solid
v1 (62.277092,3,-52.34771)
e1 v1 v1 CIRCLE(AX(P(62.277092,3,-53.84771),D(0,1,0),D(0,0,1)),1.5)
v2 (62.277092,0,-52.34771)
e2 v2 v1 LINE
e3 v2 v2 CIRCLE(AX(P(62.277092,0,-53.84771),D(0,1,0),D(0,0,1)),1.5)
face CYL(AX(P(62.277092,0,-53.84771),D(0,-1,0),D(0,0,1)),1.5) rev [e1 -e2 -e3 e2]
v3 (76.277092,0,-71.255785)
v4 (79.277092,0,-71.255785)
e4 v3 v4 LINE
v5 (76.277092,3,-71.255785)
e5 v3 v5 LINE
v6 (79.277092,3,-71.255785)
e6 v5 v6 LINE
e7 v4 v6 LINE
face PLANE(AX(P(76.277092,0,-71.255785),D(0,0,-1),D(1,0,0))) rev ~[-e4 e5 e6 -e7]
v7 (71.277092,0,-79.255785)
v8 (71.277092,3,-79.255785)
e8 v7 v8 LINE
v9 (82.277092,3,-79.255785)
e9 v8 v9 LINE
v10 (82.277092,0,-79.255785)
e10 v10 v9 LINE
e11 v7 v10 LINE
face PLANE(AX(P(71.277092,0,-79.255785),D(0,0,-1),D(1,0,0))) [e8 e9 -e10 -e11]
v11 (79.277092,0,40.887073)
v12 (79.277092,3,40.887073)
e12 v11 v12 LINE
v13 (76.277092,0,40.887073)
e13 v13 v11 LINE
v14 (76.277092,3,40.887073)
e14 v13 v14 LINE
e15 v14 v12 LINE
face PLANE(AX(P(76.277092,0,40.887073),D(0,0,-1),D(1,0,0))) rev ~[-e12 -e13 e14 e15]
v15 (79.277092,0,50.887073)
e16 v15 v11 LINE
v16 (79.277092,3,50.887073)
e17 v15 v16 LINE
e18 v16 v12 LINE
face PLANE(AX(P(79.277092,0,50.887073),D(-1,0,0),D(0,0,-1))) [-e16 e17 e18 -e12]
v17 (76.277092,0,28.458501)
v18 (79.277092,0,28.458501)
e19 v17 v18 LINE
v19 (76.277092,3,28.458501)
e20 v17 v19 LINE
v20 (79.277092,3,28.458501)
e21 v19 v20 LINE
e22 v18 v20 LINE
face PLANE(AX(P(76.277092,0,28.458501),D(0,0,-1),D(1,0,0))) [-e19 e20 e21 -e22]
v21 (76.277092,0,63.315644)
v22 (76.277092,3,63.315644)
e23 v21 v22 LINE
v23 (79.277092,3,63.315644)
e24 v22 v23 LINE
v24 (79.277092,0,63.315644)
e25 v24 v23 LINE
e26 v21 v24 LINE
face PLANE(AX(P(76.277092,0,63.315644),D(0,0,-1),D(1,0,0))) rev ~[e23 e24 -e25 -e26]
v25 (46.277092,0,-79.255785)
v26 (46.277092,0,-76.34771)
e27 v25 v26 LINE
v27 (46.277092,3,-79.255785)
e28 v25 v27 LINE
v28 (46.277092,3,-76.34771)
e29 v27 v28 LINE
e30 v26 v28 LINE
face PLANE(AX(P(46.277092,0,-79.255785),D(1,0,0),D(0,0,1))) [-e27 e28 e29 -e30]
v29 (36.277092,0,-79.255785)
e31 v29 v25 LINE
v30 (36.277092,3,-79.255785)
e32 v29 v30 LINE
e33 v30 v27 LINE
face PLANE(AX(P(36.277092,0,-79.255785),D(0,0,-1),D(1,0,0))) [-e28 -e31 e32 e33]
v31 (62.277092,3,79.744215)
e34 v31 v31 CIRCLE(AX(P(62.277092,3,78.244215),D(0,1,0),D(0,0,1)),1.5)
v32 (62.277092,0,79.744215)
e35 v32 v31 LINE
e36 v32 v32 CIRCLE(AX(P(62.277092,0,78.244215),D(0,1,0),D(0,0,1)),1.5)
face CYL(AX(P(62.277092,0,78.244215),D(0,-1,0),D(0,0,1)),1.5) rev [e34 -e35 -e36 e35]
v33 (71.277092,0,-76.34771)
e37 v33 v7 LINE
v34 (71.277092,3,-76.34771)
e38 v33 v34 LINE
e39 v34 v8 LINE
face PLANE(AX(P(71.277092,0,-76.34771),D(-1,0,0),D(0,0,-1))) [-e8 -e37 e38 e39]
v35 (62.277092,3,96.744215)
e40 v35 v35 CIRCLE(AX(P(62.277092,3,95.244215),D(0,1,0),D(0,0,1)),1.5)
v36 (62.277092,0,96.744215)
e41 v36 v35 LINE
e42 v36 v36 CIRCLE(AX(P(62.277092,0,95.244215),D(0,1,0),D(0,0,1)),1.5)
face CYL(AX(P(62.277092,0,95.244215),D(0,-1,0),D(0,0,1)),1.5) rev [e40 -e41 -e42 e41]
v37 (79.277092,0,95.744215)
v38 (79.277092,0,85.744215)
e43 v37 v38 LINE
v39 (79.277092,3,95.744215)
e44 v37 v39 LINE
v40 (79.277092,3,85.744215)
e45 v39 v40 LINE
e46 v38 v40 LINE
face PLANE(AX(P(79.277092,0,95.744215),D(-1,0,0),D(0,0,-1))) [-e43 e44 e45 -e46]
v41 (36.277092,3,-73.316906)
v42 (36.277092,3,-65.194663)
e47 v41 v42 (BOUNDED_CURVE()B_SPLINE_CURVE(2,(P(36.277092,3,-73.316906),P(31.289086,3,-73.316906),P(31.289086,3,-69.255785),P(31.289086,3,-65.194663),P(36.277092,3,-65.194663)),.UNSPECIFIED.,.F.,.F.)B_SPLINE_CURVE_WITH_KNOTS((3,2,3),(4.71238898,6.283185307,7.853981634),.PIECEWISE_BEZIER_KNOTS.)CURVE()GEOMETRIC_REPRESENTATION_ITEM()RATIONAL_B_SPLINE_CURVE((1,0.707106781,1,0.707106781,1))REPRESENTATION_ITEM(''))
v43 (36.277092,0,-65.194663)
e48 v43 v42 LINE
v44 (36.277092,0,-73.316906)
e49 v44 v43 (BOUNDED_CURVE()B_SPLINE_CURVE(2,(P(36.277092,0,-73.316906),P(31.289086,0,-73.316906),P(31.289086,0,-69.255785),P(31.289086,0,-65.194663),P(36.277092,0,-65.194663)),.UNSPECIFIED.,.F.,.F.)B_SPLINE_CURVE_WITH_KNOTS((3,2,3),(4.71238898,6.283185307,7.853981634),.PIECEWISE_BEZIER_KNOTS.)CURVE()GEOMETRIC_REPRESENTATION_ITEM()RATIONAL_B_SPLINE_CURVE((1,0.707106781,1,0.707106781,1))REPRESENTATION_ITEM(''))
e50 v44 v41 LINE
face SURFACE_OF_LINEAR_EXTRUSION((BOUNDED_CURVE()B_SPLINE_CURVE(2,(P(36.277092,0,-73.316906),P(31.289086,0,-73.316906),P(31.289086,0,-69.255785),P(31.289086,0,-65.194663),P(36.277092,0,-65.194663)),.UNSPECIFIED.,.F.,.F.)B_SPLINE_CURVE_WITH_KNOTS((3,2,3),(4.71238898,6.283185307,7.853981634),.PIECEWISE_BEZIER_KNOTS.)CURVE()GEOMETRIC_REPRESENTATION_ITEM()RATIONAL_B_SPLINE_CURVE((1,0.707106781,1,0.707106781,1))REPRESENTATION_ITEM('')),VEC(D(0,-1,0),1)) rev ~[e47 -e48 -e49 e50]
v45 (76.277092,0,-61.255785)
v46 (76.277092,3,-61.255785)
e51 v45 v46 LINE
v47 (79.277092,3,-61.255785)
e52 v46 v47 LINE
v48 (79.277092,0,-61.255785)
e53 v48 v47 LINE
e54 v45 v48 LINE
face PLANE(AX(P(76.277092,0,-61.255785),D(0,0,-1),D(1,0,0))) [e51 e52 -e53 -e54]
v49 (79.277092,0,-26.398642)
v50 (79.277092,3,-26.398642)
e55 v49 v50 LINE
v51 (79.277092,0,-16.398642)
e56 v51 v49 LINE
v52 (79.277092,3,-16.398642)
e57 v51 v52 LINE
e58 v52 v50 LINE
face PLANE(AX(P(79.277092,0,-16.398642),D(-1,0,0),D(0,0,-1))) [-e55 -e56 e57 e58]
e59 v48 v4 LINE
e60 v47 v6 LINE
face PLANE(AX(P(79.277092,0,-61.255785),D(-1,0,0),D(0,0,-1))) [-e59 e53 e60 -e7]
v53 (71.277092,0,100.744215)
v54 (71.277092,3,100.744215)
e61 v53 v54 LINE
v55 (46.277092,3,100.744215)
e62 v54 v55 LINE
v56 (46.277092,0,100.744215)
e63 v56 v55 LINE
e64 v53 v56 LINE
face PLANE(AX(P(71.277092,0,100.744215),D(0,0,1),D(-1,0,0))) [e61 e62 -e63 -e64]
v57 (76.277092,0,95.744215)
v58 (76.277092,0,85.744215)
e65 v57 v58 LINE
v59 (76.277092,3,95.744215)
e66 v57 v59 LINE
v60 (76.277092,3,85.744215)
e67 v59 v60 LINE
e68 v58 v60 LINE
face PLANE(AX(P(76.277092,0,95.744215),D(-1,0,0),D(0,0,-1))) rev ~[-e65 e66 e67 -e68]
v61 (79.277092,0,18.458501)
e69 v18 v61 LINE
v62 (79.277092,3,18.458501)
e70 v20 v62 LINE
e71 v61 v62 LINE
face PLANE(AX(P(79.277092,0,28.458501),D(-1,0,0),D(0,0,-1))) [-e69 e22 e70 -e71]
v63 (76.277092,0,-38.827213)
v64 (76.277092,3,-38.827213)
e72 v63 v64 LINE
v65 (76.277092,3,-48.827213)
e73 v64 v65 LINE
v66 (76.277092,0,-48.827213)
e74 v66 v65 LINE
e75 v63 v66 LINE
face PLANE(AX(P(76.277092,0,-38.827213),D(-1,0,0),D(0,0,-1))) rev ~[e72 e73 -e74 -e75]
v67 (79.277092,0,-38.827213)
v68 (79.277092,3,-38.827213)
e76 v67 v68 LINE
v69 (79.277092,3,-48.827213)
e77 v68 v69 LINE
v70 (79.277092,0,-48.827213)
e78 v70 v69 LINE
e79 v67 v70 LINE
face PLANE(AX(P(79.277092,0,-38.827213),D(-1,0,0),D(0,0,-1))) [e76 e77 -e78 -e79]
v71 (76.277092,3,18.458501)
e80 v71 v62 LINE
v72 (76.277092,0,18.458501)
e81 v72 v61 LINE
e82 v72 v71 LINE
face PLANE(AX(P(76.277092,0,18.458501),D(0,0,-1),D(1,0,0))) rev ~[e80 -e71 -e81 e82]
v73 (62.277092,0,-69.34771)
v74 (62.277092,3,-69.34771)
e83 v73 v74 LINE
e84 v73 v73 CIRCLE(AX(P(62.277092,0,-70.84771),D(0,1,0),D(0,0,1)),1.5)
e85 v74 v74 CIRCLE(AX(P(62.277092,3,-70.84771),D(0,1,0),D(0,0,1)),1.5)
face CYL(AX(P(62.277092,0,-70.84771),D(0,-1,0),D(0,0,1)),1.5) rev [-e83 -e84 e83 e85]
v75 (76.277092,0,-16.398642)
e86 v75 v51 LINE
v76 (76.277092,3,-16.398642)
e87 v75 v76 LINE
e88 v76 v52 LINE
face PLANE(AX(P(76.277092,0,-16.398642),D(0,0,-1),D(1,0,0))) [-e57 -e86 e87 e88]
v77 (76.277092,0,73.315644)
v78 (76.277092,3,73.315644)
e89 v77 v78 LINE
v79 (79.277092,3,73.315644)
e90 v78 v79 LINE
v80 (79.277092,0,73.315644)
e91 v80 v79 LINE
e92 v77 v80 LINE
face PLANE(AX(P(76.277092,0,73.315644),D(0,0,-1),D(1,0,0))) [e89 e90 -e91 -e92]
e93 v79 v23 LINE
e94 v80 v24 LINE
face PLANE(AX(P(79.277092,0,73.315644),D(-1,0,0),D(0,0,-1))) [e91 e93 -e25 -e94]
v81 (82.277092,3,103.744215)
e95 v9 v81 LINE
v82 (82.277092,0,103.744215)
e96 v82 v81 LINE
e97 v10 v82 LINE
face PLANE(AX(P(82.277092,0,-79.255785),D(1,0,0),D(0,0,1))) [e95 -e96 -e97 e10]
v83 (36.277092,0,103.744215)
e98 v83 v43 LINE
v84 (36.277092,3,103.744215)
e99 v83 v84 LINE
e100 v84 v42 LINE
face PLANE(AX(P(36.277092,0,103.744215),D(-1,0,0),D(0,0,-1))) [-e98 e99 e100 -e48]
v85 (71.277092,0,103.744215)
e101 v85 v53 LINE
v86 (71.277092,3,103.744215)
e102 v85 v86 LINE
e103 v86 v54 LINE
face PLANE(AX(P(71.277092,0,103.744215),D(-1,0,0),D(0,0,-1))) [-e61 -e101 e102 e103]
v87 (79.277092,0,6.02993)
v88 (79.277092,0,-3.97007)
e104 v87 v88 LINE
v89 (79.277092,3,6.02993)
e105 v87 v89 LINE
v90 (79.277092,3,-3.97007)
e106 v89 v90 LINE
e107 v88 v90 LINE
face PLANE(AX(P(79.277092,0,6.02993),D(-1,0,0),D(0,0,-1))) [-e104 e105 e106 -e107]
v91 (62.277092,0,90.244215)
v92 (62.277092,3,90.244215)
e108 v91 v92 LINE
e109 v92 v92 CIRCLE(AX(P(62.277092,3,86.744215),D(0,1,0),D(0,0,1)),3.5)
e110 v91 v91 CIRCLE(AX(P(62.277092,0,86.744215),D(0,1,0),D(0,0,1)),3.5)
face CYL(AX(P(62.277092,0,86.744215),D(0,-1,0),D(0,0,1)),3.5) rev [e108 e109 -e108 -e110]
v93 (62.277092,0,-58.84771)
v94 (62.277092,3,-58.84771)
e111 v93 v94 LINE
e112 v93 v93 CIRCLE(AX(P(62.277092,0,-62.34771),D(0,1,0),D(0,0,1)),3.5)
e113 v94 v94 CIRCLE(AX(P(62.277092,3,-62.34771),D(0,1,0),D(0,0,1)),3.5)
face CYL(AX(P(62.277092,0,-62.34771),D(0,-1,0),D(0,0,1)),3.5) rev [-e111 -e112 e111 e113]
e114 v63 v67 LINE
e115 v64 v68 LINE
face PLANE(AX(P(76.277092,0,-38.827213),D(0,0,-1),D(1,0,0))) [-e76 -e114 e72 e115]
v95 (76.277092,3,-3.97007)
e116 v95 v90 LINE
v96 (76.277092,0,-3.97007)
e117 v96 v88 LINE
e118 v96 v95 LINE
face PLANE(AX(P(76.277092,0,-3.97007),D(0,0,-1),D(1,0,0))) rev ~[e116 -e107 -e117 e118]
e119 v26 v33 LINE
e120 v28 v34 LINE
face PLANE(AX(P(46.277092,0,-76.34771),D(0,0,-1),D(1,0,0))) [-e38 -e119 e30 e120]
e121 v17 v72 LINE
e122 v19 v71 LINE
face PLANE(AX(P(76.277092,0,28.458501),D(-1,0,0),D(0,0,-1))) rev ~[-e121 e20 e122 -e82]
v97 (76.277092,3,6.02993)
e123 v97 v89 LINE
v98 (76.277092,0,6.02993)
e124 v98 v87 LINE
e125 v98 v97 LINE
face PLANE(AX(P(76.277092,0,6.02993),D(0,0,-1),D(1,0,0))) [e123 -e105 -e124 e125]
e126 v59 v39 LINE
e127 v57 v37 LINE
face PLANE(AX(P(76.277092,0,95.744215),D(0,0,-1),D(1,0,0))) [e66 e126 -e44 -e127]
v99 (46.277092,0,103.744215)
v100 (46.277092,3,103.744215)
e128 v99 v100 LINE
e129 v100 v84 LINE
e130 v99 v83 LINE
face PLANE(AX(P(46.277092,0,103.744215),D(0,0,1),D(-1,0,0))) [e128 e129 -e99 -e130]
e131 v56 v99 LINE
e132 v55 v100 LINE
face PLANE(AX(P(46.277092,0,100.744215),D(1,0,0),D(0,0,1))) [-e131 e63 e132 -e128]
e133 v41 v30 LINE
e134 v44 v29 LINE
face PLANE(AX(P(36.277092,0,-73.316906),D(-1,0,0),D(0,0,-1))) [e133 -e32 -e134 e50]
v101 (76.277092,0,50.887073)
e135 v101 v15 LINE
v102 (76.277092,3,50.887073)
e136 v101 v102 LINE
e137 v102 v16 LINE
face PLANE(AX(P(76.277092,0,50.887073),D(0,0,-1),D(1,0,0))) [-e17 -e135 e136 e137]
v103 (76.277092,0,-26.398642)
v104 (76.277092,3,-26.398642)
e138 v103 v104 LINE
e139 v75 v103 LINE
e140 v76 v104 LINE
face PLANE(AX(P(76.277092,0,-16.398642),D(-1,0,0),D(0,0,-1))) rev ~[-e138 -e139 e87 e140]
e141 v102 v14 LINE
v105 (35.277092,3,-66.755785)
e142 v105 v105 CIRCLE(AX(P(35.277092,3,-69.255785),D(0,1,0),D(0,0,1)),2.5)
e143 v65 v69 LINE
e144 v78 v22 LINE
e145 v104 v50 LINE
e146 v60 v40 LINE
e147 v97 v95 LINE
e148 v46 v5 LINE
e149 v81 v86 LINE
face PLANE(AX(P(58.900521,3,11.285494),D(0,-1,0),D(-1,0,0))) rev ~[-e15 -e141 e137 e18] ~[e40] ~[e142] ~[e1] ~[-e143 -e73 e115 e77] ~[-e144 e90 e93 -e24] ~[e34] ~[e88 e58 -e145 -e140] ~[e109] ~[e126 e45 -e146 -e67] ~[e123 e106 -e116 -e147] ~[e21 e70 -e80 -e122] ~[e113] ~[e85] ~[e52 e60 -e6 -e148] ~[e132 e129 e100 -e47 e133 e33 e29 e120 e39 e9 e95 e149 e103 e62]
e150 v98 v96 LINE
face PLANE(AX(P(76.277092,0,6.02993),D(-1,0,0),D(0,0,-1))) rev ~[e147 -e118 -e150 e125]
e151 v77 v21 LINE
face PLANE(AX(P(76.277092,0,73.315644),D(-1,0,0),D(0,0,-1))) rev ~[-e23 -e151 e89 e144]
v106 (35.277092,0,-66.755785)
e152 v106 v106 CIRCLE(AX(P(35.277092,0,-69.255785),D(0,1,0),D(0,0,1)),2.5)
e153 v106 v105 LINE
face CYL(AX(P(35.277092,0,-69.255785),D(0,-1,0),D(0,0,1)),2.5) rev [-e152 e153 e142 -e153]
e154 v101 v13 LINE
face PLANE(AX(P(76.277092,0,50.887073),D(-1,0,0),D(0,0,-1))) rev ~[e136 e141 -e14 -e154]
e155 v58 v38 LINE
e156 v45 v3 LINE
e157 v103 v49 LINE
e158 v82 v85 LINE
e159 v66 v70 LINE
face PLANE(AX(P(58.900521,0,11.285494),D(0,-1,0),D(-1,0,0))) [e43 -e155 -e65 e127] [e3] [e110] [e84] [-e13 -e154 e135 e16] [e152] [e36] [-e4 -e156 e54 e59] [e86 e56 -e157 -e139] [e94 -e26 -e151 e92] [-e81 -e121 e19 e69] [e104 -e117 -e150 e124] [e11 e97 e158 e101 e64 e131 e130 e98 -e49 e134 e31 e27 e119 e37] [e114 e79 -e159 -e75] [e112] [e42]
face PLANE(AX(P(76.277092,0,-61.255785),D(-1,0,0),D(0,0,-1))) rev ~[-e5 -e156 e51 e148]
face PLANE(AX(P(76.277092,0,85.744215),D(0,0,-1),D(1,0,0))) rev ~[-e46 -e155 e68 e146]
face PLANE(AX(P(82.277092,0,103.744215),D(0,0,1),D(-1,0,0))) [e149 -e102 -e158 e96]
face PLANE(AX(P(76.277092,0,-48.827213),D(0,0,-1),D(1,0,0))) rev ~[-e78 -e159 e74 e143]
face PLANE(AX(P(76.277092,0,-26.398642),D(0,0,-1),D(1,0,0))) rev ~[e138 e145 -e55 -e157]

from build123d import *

# Parameters (mm, degrees)
SKETCH1_R           = 2.5
SKETCH1_R_2         = 3.5
SKETCH1_R_3         = 1.5
SKETCH1_W           = 3
SKETCH1_H           = 10
BOSS_EXTRUDE3_DEPTH = 3


with BuildPart() as part:
    # Sketch1 → Boss-Extrude3 (new body)
    with BuildSketch(Plane(origin=(0, 0, 0), x_dir=(1, 0, 0), z_dir=(0, 1, 0))):
        with BuildLine():
            Line((36.277091695, 79.255784564), (46.277091695, 79.255784564))
            Line((46.277091695, 79.255784564), (46.277091695, 76.347710002))
            Line((46.277091695, 76.347710002), (71.277091695, 76.347710002))
            Line((71.277091695, 76.347710002), (71.277091695, 79.255784564))
            Line((71.277091695, 79.255784564), (82.277091695, 79.255784564))
            Line((82.277091695, 79.255784564), (82.277091695, -103.744215436))
            Line((82.277091695, -103.744215436), (71.277091695, -103.744215436))
            Line((71.277091695, -103.744215436), (71.277091695, -100.744215436))
            Line((71.277091695, -100.744215436), (46.277091695, -100.744215436))
            Line((46.277091695, -100.744215436), (46.277091695, -103.744215436))
            Line((46.277091695, -103.744215436), (36.277091695, -103.744215436))
            Line((36.277091695, -103.744215436), (36.277091695, 65.194662811))
            add(Edge.make_bspline(
                [(36.277091695, 73.316906316), (31.289085945, 73.316906316), (31.289085945, 69.255784564), (31.289085945, 65.194662811), (36.277091695, 65.194662811)],
                knots=[4.71238898, 4.71238898, 4.71238898, 6.283185307, 6.283185307, 7.853981634, 7.853981634, 7.853981634], degree=2, weights=[1, 0.707106781, 1, 0.707106781, 1]))
            Line((36.277091695, 73.316906316), (36.277091695, 79.255784564))
        make_face()
        with Locations(Location((35.277091695, 69.255784564, 0), (0, 0, 270))):
            Circle(SKETCH1_R, mode=Mode.SUBTRACT)
        with Locations(Location((62.277091695, 62.347710002, 0), (0, 0, 270))):
            Circle(SKETCH1_R_2, mode=Mode.SUBTRACT)
        with Locations(Location((62.277091695, 70.847710002, 0), (0, 0, 270))):
            Circle(SKETCH1_R_3, mode=Mode.SUBTRACT)
        with Locations(Location((62.277091695, 53.847710002, 0), (0, 0, 270))):
            Circle(SKETCH1_R_3, mode=Mode.SUBTRACT)
        with Locations(Location((62.277091695, -86.744215436, 0), (0, 0, 270))):
            Circle(SKETCH1_R_2, mode=Mode.SUBTRACT)
        with Locations(Location((62.277091695, -78.244215436, 0), (0, 0, 270))):
            Circle(SKETCH1_R_3, mode=Mode.SUBTRACT)
        with Locations(Location((62.277091695, -95.244215436, 0), (0, 0, 270))):
            Circle(SKETCH1_R_3, mode=Mode.SUBTRACT)
        with Locations((77.777091695, 43.827213135)):
            Rectangle(SKETCH1_W, SKETCH1_H, mode=Mode.SUBTRACT)
        with Locations((77.777091695, 66.255784564)):
            Rectangle(SKETCH1_W, SKETCH1_H, mode=Mode.SUBTRACT)
        with Locations((77.777091695, 21.398641707)):
            Rectangle(SKETCH1_W, SKETCH1_H, mode=Mode.SUBTRACT)
        with Locations((77.777091695, -1.029929722)):
            Rectangle(SKETCH1_W, SKETCH1_H, mode=Mode.SUBTRACT)
        with Locations((77.777091695, -23.458501151)):
            Rectangle(SKETCH1_W, SKETCH1_H, mode=Mode.SUBTRACT)
        with Locations((77.777091695, -45.887072579)):
            Rectangle(SKETCH1_W, SKETCH1_H, mode=Mode.SUBTRACT)
        with Locations((77.777091695, -68.315644008)):
            Rectangle(SKETCH1_W, SKETCH1_H, mode=Mode.SUBTRACT)
        with Locations((77.777091695, -90.744215436)):
            Rectangle(SKETCH1_W, SKETCH1_H, mode=Mode.SUBTRACT)
    extrude(amount=BOSS_EXTRUDE3_DEPTH)


solid = part.part
